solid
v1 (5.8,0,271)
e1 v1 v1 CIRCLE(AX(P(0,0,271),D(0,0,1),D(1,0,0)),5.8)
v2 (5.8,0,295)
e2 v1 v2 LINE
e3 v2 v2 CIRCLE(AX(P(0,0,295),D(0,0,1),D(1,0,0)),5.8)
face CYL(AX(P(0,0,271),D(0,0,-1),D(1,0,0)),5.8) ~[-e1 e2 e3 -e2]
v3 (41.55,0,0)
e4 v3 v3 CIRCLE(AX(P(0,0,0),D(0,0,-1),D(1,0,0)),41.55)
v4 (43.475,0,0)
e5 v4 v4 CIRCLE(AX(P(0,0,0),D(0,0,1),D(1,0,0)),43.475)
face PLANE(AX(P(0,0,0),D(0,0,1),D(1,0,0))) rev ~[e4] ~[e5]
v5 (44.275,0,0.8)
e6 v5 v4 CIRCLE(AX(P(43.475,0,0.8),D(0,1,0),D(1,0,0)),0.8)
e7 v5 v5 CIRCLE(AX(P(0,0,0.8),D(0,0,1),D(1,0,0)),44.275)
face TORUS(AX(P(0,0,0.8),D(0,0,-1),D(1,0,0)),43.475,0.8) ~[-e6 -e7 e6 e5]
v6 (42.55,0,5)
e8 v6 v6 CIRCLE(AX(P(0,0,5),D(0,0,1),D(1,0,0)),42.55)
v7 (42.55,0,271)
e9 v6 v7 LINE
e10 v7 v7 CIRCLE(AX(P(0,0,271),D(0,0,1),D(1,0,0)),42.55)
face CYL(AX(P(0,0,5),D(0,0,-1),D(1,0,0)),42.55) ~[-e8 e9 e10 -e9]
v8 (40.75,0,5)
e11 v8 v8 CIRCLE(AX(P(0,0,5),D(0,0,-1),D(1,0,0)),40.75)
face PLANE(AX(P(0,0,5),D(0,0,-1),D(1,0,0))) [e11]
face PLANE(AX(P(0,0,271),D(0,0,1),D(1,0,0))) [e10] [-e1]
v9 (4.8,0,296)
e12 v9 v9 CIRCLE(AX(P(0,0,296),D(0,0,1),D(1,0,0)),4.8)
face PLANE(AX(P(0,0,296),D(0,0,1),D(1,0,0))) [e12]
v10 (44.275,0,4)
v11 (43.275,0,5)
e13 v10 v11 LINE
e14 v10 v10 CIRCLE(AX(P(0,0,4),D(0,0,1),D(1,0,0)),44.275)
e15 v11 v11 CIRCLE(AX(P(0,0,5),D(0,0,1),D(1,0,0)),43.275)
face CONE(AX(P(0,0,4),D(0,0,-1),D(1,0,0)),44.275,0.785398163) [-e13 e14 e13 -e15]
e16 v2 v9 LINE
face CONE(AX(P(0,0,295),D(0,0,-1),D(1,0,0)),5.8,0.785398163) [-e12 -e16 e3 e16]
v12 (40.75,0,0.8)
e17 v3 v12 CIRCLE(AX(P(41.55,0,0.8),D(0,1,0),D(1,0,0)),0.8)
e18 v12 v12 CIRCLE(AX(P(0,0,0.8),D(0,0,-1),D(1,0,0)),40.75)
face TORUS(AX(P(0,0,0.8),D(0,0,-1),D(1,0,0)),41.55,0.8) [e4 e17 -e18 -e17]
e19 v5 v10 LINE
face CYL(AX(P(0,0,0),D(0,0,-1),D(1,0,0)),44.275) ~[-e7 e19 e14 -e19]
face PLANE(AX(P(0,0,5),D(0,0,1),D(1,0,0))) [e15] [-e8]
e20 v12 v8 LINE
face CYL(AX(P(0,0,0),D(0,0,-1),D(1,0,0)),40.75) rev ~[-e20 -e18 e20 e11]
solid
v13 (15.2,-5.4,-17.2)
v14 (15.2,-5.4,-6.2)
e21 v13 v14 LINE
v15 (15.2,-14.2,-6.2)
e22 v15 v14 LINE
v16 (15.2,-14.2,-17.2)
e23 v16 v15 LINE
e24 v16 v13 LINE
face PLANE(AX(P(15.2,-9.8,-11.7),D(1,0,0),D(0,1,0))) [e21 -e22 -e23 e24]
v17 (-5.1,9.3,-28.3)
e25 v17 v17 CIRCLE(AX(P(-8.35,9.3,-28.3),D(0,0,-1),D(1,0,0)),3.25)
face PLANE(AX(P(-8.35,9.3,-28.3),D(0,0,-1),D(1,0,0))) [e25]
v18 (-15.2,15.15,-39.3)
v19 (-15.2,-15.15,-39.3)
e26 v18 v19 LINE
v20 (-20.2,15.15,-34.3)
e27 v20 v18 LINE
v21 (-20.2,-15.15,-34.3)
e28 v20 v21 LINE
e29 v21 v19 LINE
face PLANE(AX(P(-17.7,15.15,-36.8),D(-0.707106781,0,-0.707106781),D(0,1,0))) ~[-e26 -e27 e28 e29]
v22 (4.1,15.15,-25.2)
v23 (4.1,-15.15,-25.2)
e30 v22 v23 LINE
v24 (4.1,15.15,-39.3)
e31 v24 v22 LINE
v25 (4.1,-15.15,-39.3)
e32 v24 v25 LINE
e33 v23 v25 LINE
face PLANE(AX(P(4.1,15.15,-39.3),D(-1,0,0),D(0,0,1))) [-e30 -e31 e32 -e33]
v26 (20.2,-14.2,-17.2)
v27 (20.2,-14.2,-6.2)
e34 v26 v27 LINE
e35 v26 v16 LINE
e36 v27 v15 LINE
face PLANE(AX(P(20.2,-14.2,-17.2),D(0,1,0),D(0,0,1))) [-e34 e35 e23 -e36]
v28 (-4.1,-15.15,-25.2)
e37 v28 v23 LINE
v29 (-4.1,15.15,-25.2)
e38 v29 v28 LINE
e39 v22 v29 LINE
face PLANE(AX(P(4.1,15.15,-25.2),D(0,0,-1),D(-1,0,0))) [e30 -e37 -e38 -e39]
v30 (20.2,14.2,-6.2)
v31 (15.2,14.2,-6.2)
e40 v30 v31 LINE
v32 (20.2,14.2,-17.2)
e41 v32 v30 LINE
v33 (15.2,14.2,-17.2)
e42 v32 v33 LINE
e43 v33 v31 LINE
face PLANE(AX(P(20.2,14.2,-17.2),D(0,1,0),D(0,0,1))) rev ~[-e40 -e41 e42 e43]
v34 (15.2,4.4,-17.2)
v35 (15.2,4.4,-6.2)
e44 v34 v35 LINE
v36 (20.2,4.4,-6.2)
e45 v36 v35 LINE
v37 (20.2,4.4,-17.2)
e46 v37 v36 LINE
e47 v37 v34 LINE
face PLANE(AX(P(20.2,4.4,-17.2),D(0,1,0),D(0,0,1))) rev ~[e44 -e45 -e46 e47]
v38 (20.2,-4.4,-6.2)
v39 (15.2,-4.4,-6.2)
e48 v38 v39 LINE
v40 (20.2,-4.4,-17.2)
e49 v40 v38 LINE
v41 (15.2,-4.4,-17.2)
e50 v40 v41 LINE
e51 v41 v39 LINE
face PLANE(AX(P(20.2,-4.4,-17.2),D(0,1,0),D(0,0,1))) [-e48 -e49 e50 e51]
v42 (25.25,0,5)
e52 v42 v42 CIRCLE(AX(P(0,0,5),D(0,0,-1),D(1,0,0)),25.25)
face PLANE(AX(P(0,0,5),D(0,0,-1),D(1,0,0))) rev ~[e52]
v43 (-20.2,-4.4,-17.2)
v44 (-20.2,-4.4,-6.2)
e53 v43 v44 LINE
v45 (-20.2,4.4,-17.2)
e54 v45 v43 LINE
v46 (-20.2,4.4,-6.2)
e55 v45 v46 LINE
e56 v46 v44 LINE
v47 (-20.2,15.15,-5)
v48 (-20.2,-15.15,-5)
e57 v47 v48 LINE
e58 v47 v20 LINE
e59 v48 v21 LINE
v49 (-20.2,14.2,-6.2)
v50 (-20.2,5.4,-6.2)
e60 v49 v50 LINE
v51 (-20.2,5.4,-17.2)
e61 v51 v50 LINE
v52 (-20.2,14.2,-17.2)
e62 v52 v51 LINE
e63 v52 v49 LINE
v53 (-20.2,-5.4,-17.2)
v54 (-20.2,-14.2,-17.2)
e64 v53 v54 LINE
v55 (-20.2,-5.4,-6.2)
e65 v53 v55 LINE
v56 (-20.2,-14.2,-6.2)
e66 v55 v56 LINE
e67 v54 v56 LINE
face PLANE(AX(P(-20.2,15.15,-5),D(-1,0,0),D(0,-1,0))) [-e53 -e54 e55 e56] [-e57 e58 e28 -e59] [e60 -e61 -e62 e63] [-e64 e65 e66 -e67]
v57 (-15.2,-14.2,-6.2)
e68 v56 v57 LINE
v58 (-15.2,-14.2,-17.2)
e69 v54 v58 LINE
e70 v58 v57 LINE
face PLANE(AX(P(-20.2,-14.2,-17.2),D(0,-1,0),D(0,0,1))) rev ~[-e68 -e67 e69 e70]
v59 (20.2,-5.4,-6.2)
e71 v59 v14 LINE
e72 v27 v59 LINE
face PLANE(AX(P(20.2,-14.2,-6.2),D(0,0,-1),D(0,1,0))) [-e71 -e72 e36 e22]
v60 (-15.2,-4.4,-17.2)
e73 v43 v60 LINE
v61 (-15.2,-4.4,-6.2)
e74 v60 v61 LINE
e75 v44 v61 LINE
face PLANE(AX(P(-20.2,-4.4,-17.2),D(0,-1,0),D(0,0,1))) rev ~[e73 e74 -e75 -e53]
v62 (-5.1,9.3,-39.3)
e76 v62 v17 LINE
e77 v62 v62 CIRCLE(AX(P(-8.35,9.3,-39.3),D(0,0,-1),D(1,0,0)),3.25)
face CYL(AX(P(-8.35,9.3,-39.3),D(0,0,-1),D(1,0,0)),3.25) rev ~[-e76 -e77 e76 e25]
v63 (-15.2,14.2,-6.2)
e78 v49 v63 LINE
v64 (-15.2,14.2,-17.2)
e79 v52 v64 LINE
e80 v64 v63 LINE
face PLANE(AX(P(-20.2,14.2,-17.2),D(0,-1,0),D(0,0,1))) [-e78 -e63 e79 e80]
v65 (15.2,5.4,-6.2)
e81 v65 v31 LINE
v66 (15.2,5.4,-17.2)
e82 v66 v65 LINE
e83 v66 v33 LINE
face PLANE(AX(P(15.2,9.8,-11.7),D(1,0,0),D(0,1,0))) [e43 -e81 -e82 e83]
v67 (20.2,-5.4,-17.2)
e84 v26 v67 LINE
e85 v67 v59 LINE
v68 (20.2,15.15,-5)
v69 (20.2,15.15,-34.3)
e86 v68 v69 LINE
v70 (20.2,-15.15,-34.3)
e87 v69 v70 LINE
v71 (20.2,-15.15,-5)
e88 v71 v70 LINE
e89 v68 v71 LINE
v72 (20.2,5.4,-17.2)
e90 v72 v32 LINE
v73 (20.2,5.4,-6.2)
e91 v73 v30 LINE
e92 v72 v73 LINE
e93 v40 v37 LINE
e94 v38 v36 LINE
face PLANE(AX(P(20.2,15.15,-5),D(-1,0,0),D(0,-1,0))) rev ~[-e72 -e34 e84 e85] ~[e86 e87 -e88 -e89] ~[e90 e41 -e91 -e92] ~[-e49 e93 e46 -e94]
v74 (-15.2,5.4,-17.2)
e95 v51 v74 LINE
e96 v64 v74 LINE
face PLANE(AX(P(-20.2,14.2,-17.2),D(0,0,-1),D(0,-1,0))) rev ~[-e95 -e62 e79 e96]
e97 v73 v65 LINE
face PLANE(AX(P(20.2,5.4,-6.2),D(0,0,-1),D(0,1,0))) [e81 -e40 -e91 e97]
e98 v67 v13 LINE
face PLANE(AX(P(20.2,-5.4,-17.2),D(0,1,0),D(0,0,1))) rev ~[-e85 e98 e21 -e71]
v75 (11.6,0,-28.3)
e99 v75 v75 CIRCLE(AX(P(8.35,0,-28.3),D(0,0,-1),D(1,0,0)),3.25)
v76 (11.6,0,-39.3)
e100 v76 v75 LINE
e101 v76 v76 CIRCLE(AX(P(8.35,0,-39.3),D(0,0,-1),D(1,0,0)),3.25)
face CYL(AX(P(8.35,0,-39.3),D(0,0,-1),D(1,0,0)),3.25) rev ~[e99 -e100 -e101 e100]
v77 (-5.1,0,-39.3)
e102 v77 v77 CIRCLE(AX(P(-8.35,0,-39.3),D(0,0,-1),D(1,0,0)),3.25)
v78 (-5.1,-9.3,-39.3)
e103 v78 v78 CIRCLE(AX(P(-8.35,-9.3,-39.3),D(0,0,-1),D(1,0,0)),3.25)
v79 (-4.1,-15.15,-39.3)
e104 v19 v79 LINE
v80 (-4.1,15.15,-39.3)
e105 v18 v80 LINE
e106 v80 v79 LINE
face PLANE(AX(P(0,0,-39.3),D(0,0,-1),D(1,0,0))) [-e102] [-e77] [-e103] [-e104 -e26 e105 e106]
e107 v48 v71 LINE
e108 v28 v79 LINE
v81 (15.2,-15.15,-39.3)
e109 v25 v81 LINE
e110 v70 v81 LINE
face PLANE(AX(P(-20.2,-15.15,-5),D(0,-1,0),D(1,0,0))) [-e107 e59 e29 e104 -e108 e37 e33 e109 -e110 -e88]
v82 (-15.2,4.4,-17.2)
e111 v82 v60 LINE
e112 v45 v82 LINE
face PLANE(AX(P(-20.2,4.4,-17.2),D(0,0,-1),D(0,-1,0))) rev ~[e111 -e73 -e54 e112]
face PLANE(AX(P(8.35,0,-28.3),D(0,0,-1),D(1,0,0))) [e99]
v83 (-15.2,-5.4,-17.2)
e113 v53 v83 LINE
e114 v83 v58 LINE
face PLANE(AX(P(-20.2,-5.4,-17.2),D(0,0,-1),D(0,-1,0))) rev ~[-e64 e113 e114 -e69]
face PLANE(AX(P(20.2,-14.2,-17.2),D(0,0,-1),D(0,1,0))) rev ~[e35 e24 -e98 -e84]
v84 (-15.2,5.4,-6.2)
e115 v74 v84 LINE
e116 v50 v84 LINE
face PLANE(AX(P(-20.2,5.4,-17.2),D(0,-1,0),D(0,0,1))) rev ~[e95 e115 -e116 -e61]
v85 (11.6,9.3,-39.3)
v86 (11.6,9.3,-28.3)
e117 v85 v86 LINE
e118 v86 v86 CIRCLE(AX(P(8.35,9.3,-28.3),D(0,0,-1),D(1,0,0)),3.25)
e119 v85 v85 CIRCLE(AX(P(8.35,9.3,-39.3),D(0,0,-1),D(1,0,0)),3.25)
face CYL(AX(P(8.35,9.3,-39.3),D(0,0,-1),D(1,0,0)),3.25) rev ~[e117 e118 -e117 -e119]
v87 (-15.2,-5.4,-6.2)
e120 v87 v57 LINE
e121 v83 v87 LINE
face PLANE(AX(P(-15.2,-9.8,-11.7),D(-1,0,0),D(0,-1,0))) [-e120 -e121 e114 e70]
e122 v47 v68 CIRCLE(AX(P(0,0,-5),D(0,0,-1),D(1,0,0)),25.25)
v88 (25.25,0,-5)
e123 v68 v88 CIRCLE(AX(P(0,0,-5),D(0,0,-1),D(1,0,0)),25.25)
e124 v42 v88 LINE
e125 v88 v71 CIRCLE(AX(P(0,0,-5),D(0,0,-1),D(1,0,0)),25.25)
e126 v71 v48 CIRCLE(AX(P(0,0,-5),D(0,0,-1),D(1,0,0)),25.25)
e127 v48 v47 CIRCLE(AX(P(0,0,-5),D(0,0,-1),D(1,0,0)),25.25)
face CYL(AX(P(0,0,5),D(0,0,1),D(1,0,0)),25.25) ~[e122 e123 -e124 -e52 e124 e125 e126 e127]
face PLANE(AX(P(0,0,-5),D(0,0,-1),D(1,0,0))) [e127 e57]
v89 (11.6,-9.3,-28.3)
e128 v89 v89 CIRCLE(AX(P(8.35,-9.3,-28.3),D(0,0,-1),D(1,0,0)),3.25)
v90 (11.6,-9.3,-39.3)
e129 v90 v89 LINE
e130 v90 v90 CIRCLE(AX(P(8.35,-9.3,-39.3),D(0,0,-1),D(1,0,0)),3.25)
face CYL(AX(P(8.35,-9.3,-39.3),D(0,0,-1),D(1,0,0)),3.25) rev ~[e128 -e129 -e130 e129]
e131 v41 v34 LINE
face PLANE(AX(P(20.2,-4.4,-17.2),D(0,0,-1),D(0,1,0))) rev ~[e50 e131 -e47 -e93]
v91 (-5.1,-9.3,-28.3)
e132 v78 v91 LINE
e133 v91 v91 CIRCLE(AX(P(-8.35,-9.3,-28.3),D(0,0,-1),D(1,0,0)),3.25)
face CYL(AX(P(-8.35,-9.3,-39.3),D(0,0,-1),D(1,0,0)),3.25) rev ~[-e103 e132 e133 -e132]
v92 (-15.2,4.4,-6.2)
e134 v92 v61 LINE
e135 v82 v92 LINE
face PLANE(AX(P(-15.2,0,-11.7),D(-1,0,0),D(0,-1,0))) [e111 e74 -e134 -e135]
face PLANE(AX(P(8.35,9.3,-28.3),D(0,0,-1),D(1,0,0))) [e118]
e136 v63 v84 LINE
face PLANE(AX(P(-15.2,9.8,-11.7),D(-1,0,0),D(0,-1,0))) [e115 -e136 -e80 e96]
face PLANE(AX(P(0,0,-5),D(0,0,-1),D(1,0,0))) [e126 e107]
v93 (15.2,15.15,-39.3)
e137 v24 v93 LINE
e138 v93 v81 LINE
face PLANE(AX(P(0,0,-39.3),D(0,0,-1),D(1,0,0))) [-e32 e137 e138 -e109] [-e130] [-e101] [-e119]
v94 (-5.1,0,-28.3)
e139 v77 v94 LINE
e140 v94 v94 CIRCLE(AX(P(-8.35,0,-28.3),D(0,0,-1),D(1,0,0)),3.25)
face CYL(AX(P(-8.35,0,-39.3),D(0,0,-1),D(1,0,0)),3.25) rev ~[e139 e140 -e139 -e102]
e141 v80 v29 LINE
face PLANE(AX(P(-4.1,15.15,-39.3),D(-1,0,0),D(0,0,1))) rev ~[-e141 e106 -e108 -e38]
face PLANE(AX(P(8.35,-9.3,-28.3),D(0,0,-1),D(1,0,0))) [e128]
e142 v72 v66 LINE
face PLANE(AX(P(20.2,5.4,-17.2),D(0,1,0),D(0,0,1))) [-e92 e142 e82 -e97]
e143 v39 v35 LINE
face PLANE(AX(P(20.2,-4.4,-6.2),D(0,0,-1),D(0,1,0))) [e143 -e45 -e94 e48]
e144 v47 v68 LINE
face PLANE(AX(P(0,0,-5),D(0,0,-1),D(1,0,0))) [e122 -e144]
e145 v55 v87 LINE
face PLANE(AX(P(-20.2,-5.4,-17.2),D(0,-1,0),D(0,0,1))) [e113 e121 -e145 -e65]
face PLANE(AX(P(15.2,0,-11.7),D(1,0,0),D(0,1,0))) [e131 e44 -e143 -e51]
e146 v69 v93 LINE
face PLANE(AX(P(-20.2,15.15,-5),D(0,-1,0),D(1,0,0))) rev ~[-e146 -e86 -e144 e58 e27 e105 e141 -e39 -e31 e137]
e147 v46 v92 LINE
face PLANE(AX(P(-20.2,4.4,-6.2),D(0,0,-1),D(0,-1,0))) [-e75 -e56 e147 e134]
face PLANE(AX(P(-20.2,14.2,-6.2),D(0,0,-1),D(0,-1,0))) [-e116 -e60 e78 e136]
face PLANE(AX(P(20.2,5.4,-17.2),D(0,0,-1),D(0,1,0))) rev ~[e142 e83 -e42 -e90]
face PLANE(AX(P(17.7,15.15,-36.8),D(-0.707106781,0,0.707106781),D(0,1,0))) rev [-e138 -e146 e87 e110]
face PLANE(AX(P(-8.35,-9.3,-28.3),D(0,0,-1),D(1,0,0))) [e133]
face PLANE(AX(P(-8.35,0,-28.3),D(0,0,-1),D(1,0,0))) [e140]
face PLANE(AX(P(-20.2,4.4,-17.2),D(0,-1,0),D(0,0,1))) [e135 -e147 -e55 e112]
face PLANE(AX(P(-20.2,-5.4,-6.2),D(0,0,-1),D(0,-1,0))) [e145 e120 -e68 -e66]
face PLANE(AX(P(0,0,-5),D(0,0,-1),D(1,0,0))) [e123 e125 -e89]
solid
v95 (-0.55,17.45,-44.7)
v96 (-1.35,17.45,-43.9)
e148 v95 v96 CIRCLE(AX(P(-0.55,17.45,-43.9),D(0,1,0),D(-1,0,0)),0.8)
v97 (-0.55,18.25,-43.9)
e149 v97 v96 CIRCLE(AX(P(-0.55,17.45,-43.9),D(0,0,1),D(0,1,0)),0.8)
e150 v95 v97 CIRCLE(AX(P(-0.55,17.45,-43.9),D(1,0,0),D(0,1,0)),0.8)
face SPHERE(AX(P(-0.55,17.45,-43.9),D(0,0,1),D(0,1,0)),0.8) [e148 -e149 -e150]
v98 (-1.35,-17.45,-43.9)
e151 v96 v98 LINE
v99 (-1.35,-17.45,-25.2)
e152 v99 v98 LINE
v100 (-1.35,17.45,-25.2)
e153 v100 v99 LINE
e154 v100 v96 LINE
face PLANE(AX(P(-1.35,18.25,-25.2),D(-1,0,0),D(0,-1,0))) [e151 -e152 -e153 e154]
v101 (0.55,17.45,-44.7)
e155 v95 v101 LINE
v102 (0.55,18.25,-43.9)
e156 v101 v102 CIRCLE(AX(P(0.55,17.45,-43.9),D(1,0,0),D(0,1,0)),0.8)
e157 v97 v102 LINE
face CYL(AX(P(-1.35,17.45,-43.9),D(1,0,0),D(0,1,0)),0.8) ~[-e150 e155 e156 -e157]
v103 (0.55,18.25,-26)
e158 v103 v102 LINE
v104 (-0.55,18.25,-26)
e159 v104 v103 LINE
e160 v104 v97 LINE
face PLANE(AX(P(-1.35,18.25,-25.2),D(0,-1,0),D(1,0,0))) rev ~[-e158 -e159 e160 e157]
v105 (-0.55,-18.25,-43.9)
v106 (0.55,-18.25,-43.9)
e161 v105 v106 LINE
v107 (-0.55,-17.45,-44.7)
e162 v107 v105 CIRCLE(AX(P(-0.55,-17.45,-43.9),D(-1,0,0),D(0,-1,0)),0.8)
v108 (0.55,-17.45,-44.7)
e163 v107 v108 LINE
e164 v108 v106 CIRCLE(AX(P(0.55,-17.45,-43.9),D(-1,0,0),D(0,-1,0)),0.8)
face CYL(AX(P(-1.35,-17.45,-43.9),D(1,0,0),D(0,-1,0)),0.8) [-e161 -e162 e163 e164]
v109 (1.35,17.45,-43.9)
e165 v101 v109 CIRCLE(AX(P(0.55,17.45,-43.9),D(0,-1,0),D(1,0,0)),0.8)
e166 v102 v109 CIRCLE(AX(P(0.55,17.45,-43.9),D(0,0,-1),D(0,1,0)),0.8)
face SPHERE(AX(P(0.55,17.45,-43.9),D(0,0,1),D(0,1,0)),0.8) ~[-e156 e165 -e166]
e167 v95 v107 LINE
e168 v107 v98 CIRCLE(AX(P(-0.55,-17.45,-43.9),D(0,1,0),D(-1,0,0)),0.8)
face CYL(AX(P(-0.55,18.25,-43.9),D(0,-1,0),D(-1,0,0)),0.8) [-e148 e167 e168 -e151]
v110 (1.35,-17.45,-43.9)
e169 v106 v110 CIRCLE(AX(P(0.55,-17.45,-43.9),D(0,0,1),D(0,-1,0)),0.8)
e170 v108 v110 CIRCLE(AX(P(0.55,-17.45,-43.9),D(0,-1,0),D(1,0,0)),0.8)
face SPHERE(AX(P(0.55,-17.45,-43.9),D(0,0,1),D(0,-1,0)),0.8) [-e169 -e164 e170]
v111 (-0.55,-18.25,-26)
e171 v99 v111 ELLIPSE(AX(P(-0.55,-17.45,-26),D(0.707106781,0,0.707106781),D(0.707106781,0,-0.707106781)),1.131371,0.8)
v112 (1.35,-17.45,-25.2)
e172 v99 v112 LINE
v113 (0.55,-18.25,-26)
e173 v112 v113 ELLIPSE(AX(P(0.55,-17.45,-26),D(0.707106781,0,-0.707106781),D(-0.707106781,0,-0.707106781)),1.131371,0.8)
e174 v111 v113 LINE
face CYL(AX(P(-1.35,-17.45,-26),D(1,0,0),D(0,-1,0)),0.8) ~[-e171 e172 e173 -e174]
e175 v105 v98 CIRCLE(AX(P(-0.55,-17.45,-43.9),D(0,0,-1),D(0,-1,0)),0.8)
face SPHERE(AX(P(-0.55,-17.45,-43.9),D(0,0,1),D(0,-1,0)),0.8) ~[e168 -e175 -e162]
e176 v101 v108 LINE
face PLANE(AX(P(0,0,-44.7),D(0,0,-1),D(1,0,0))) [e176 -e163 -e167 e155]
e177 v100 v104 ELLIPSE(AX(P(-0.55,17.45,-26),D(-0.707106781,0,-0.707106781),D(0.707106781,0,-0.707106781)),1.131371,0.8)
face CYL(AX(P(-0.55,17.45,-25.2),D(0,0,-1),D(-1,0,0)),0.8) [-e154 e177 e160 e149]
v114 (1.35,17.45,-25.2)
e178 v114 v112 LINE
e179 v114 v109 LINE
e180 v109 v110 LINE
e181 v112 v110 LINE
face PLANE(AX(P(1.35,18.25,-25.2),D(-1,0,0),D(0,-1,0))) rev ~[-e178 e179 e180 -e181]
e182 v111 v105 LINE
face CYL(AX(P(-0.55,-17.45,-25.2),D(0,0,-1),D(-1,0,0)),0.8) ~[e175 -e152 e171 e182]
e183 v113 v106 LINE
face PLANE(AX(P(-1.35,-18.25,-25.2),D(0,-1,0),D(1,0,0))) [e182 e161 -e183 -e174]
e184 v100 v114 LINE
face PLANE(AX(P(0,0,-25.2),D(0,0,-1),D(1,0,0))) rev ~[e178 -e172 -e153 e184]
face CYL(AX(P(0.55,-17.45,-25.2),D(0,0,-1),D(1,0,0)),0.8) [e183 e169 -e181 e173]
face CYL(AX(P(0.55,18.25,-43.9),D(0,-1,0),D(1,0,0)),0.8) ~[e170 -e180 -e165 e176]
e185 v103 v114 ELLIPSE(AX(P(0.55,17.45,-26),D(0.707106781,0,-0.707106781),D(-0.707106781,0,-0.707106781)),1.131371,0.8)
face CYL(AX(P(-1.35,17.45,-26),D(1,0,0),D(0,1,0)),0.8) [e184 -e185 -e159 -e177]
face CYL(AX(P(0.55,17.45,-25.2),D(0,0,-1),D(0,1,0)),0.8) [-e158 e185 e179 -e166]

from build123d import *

# Parameters (mm, degrees)
F0_R      = 44.275
F1_DEPTH  = 5
F2_R      = 42.55
F3_DEPTH  = 266
F4_SIZE   = 1
F5_R      = 5.8
F6_DEPTH  = 25
F7_SIZE   = 1
F8_R      = 40.75
F9_DEPTH  = 5
F10_R     = 25.25
F11_DEPTH = 10
F12_W     = 40.4
F12_H     = 30.3
F13_DEPTH = 34.3
F14_W     = 8.2
F14_H     = 14.1
F15_DEPTH = 59.426
F16_SIZE  = 5
F17_R     = 3.25
F18_DEPTH = 11
F19_W     = 8.8
F19_H     = 11
F20_DEPTH = 5
F21_W     = 8.8
F21_H     = 11
F22_DEPTH = 5
F23_W     = 2.7
F23_H     = 36.5
F24_DEPTH = 19.5
F25_R     = 0.8
F26_R     = 0.8


with BuildPart() as f1:
    # F0 (on Top) → F1 (new body)
    with BuildSketch(Plane.XY):
        Circle(F0_R)
    extrude(amount=F1_DEPTH)

    # F2 (on face) → F3 (join)
    with BuildSketch(Plane.XY.offset(5)):
        Circle(F2_R)
    extrude(amount=F3_DEPTH)

    # F4
    f4_edges = [f1.edges().sort_by_distance(p)[0] for p in [
        (-44.275, 0, 5),
    ]]
    chamfer(f4_edges, length=F4_SIZE)

    # F5 (on face) → F6 (join)
    with BuildSketch(Plane.XY.offset(271)):
        Circle(F5_R)
    extrude(amount=F6_DEPTH)

    # F7
    f7_edges = [f1.edges().sort_by_distance(p)[0] for p in [
        (-5.8, 0, 296),
    ]]
    chamfer(f7_edges, length=F7_SIZE)

    # F8 (on face) → F9 (cut)
    with BuildSketch(Plane(origin=(0, 0, 0), x_dir=(1, 0, 0), z_dir=(0, 0, -1))):
        Circle(F8_R)
    extrude(amount=-F9_DEPTH, mode=Mode.SUBTRACT)

    # F26
    f26_edges = [f1.edges().sort_by_distance(p)[0] for p in [
        (-44.275, 0, 0),
        (-40.75, 0, 0),
    ]]
    fillet(f26_edges, radius=F26_R)


with BuildPart() as f11:
    # F10 (on face) → F11 (new body)
    with BuildSketch(Plane(origin=(0, 0, 5), x_dir=(1, 0, 0), z_dir=(0, 0, -1))):
        Circle(F10_R)
    extrude(amount=F11_DEPTH)

    # F12 (on face) → F13 (join)
    with BuildSketch(Plane(origin=(0, 0, -5), x_dir=(1, 0, 0), z_dir=(0, 0, -1))):
        Rectangle(F12_W, F12_H)
    extrude(amount=F13_DEPTH)

    # F14 (on face) → F15 (cut, through all)
    with BuildSketch(Plane(origin=(0, 15.15, 0), x_dir=(-1, 0, 0), z_dir=(0, 1, 0))):
        with Locations((0, -32.25)):
            Rectangle(F14_W, F14_H)
    extrude(amount=-F15_DEPTH, mode=Mode.SUBTRACT)

    # F16
    f16_edges = [f11.edges().sort_by_distance(p)[0] for p in [
        (-20.2, 0, -39.3),
        (20.2, 0, -39.3),
    ]]
    chamfer(f16_edges, length=F16_SIZE)

    # F17 (on face) → F18 (cut)
    with BuildSketch(Plane(origin=(0, 0, -39.3), x_dir=(1, 0, 0), z_dir=(0, 0, -1))):
        with Locations((-8.35, 0)):
            Circle(F17_R)
        with Locations((-8.35, 9.3)):
            Circle(F17_R)
        with Locations((-8.35, -9.3)):
            Circle(F17_R)
        with Locations((8.35, 0)):
            Circle(F17_R)
        with Locations((8.35, 9.3)):
            Circle(F17_R)
        with Locations((8.35, -9.3)):
            Circle(F17_R)
    extrude(amount=-F18_DEPTH, mode=Mode.SUBTRACT)

    # F19 (on face) → F20 (cut)
    with BuildSketch(Plane(origin=(-20.2, 0, 0), x_dir=(0, -1, 0), z_dir=(-1, 0, 0))):
        with Locations((0, -11.7)):
            Rectangle(F19_W, F19_H)
        with Locations((-9.8, -11.7)):
            Rectangle(F19_W, F19_H)
        with Locations((9.8, -11.7)):
            Rectangle(F19_W, F19_H)
    extrude(amount=-F20_DEPTH, mode=Mode.SUBTRACT)

    # F21 (on face) → F22 (cut)
    with BuildSketch(Plane.YZ.offset(20.2)):
        with Locations((0, -11.7)):
            Rectangle(F21_W, F21_H)
        with Locations((-9.8, -11.7)):
            Rectangle(F21_W, F21_H)
        with Locations((9.8, -11.7)):
            Rectangle(F21_W, F21_H)
    extrude(amount=-F22_DEPTH, mode=Mode.SUBTRACT)


with BuildPart() as f24:
    # F23 (on face) → F24 (new body)
    with BuildSketch(Plane(origin=(0, 0, -25.2), x_dir=(1, 0, 0), z_dir=(0, 0, -1))):
        Rectangle(F23_W, F23_H)
    extrude(amount=F24_DEPTH)

    # F25
    f25_edges = [f24.edges().sort_by_distance(p)[0] for p in [
        (1.35, -18.25, -34.95),
        (-1.35, -18.25, -34.95),
        (0, -18.25, -25.2),
        (0, -18.25, -44.7),
        (-1.35, 18.25, -34.95),
        (1.35, 18.25, -34.95),
        (0, 18.25, -25.2),
        (0, 18.25, -44.7),
        (-1.35, 0, -44.7),
        (1.35, 0, -44.7),
    ]]
    fillet(f25_edges, radius=F25_R)


solid = Compound([f1.part, f11.part, f24.part])
